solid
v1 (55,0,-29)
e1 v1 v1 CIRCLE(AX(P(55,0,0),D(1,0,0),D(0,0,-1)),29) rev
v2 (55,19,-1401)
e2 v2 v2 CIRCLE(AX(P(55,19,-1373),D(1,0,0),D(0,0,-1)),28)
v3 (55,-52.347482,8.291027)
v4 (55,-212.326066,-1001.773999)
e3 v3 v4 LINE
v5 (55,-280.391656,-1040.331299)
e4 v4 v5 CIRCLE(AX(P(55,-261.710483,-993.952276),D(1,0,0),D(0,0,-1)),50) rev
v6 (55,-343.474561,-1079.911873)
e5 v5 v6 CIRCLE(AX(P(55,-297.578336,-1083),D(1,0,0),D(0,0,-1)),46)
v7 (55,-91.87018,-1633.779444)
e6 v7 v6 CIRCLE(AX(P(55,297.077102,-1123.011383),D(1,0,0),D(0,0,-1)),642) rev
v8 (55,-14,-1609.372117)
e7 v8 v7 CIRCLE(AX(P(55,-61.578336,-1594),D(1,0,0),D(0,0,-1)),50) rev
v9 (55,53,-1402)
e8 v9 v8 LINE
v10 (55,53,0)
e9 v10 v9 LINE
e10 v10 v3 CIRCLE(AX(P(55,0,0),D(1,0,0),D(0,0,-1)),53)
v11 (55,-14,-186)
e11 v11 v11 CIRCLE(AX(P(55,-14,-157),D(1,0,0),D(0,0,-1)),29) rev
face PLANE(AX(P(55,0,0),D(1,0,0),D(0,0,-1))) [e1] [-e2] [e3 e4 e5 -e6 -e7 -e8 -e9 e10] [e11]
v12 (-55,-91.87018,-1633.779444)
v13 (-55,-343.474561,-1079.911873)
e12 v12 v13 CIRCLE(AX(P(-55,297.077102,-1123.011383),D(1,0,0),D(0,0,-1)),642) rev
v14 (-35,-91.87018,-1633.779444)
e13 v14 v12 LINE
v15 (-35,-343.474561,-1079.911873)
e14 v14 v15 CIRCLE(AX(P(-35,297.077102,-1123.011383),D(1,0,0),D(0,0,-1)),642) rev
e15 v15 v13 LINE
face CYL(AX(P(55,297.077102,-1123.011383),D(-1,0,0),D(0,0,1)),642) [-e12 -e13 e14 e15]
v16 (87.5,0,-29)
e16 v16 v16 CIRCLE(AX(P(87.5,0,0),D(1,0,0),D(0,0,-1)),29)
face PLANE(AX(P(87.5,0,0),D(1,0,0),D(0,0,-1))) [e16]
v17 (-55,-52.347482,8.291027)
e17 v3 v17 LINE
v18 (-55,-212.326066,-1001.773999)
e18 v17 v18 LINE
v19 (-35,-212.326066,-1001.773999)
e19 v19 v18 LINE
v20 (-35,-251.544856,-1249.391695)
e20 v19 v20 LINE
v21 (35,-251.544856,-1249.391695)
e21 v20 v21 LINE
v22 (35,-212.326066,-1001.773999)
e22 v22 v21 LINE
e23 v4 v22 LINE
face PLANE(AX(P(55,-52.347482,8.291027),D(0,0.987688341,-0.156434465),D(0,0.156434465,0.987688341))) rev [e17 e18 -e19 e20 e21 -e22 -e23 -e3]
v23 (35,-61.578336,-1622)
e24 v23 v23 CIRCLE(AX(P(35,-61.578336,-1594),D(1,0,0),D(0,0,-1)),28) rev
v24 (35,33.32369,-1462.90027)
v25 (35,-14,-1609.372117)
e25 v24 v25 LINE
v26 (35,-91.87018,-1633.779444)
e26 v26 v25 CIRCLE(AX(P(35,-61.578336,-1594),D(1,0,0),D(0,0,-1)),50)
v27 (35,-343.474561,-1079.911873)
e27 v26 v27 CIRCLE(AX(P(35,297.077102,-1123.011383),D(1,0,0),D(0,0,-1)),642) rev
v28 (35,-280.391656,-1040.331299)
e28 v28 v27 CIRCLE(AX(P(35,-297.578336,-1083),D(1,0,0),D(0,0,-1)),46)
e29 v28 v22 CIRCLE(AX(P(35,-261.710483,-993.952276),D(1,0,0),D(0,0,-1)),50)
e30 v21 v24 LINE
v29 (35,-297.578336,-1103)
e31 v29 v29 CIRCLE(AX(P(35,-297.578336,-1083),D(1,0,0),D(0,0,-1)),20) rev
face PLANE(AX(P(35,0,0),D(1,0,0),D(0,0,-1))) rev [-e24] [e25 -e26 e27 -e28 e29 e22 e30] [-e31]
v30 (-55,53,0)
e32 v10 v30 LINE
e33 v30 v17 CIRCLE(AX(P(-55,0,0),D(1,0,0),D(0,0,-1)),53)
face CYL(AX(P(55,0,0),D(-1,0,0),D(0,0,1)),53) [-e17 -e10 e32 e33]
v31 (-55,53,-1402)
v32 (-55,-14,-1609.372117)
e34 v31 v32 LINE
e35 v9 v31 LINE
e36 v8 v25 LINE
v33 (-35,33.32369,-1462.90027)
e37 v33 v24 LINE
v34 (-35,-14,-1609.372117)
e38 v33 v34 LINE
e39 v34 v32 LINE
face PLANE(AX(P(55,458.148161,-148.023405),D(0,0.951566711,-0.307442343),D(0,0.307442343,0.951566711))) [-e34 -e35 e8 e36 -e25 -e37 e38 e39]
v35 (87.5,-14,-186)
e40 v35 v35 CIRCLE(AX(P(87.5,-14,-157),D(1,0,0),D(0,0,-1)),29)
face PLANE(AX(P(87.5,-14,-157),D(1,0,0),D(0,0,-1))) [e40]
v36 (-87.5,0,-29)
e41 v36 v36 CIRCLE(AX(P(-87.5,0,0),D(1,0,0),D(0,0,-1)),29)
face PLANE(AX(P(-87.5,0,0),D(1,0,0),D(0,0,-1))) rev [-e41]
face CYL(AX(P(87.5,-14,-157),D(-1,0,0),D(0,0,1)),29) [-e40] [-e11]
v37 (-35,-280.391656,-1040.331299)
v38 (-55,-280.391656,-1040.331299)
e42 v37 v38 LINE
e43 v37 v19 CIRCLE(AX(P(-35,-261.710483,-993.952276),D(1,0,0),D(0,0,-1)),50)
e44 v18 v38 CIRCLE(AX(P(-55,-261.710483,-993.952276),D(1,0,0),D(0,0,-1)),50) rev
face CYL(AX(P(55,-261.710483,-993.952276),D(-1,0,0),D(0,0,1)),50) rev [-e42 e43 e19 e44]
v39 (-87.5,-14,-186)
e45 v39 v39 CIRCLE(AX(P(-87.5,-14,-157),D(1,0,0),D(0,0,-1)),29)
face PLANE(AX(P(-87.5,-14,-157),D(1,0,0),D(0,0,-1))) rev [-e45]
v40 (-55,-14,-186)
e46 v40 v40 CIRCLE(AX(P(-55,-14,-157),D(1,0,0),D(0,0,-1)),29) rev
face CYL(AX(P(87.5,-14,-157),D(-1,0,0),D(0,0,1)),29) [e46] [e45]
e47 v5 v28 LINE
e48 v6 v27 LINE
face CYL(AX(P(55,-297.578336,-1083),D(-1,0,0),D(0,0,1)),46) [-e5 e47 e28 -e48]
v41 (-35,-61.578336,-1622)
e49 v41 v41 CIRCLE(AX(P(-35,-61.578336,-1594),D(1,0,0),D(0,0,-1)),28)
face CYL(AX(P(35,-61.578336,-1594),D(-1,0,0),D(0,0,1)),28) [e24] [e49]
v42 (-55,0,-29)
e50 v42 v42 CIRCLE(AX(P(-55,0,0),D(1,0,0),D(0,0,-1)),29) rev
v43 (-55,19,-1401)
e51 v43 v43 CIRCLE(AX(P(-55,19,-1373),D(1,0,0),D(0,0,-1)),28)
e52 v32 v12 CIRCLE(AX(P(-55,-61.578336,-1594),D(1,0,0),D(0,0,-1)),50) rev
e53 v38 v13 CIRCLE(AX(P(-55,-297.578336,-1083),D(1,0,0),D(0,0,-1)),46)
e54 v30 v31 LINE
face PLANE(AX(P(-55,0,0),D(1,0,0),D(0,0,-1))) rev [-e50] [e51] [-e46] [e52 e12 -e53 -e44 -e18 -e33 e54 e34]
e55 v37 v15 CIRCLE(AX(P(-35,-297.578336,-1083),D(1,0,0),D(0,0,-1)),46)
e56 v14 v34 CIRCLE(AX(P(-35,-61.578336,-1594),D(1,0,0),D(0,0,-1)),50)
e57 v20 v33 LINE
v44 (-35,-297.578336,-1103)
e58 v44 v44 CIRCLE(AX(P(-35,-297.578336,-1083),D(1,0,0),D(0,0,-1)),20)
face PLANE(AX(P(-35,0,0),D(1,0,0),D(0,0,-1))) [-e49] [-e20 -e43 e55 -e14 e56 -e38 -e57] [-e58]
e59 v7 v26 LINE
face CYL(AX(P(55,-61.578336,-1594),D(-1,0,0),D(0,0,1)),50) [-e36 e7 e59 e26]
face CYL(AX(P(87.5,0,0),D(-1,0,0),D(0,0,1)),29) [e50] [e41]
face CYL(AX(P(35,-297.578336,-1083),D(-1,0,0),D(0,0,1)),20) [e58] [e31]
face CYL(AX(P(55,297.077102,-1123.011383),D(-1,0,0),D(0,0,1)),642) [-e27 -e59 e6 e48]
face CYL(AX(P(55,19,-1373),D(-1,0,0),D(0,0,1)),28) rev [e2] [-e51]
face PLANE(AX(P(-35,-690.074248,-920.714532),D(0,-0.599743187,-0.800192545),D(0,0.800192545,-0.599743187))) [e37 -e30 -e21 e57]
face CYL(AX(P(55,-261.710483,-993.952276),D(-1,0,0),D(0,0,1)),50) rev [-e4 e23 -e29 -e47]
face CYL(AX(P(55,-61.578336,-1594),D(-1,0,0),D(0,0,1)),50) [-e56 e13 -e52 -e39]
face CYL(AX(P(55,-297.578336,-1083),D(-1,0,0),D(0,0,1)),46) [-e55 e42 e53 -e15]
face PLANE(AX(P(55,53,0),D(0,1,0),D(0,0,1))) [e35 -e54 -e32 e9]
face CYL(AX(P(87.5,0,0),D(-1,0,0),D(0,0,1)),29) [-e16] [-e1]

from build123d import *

# Parameters (mm, degrees)
SKETCH1_R           = 28
BOSS_EXTRUDE1_DEPTH = 55
CUT_EXTRUDE1_DEPTH  = 35
SKETCH3_R           = 28
SKETCH3_R_2         = 20
BOSS_EXTRUDE2_DEPTH = 35
SKETCH4_R           = 29
BOSS_EXTRUDE3_DEPTH = 87.5


with BuildPart() as part:
    # Sketch1 → Boss-Extrude1 (new, symmetric)
    with BuildSketch(Plane(origin=(0, 0, 0), x_dir=(0, 0, -1), z_dir=(1, 0, 0))):
        with BuildLine():
            ThreePointArc((1633.779443993, -91.870179926), (1388.538518192, -287.439228591), (1079.911873115, -343.474560585))
            ThreePointArc((1079.911873115, -343.474560585), (1044.034822803, -322.026545424), (1040.331298925, -280.391656157))
            ThreePointArc((1040.331298925, -280.391656157), (1037.457004109, -237.066241511), (1001.77399927, -212.326065873))
            Line((1001.77399927, -212.326065873), (-8.291026647, -52.347482052))
            ThreePointArc((-8.291026647, -52.347482052), (-52.836618688, 4.158332074), (0, 53))
            Line((0, 53), (1402, 53))
            Line((1402, 53), (1609.372117166, -14))
            ThreePointArc((1609.372117166, -14), (1641.711266017, -46.623901593), (1633.779443993, -91.870179926))
        make_face()
        with Locations((1373, 19)):
            Circle(SKETCH1_R, mode=Mode.SUBTRACT)
    extrude(amount=BOSS_EXTRUDE1_DEPTH, both=True)

    # Sketch2 → Cut-Extrude1 (cut, symmetric)
    with BuildSketch(Plane(origin=(0, 0, 0), x_dir=(0, 0, -1), z_dir=(1, 0, 0))):
        with BuildLine():
            Line((1462.900269506, 33.323690028), (1249.391694757, -251.544855987))
            Line((1249.391694757, -251.544855987), (1001.77399927, -212.326065873))
            ThreePointArc((1001.77399927, -212.326065873), (1037.457004109, -237.066241511), (1040.331298925, -280.391656157))
            ThreePointArc((1040.331298925, -280.391656157), (1044.034822803, -322.026545424), (1079.911873115, -343.474560585))
            ThreePointArc((1079.911873115, -343.474560585), (1388.538518192, -287.439228591), (1633.779443993, -91.870179926))
            ThreePointArc((1633.779443993, -91.870179926), (1641.711266017, -46.623901593), (1609.372117166, -14))
            Line((1609.372117166, -14), (1462.900269506, 33.323690028))
        make_face()
    extrude(amount=CUT_EXTRUDE1_DEPTH, both=True, mode=Mode.SUBTRACT)

    # Sketch3 → Boss-Extrude2 (add, symmetric)
    with BuildSketch(Plane(origin=(0, 0, 0), x_dir=(0, 0, -1), z_dir=(1, 0, 0))):
        with Locations((1594, -61.578335551)):
            Circle(SKETCH3_R)
        with Locations((1083, -297.578335551)):
            Circle(SKETCH3_R_2)
    extrude(amount=BOSS_EXTRUDE2_DEPTH, both=True)

    # Sketch4 → Boss-Extrude3 (add, symmetric)
    with BuildSketch(Plane(origin=(0, 0, 0), x_dir=(0, 0, -1), z_dir=(1, 0, 0))):
        Circle(SKETCH4_R)
        with Locations((157, -14)):
            Circle(SKETCH4_R)
    extrude(amount=BOSS_EXTRUDE3_DEPTH, both=True)


solid = part.part
